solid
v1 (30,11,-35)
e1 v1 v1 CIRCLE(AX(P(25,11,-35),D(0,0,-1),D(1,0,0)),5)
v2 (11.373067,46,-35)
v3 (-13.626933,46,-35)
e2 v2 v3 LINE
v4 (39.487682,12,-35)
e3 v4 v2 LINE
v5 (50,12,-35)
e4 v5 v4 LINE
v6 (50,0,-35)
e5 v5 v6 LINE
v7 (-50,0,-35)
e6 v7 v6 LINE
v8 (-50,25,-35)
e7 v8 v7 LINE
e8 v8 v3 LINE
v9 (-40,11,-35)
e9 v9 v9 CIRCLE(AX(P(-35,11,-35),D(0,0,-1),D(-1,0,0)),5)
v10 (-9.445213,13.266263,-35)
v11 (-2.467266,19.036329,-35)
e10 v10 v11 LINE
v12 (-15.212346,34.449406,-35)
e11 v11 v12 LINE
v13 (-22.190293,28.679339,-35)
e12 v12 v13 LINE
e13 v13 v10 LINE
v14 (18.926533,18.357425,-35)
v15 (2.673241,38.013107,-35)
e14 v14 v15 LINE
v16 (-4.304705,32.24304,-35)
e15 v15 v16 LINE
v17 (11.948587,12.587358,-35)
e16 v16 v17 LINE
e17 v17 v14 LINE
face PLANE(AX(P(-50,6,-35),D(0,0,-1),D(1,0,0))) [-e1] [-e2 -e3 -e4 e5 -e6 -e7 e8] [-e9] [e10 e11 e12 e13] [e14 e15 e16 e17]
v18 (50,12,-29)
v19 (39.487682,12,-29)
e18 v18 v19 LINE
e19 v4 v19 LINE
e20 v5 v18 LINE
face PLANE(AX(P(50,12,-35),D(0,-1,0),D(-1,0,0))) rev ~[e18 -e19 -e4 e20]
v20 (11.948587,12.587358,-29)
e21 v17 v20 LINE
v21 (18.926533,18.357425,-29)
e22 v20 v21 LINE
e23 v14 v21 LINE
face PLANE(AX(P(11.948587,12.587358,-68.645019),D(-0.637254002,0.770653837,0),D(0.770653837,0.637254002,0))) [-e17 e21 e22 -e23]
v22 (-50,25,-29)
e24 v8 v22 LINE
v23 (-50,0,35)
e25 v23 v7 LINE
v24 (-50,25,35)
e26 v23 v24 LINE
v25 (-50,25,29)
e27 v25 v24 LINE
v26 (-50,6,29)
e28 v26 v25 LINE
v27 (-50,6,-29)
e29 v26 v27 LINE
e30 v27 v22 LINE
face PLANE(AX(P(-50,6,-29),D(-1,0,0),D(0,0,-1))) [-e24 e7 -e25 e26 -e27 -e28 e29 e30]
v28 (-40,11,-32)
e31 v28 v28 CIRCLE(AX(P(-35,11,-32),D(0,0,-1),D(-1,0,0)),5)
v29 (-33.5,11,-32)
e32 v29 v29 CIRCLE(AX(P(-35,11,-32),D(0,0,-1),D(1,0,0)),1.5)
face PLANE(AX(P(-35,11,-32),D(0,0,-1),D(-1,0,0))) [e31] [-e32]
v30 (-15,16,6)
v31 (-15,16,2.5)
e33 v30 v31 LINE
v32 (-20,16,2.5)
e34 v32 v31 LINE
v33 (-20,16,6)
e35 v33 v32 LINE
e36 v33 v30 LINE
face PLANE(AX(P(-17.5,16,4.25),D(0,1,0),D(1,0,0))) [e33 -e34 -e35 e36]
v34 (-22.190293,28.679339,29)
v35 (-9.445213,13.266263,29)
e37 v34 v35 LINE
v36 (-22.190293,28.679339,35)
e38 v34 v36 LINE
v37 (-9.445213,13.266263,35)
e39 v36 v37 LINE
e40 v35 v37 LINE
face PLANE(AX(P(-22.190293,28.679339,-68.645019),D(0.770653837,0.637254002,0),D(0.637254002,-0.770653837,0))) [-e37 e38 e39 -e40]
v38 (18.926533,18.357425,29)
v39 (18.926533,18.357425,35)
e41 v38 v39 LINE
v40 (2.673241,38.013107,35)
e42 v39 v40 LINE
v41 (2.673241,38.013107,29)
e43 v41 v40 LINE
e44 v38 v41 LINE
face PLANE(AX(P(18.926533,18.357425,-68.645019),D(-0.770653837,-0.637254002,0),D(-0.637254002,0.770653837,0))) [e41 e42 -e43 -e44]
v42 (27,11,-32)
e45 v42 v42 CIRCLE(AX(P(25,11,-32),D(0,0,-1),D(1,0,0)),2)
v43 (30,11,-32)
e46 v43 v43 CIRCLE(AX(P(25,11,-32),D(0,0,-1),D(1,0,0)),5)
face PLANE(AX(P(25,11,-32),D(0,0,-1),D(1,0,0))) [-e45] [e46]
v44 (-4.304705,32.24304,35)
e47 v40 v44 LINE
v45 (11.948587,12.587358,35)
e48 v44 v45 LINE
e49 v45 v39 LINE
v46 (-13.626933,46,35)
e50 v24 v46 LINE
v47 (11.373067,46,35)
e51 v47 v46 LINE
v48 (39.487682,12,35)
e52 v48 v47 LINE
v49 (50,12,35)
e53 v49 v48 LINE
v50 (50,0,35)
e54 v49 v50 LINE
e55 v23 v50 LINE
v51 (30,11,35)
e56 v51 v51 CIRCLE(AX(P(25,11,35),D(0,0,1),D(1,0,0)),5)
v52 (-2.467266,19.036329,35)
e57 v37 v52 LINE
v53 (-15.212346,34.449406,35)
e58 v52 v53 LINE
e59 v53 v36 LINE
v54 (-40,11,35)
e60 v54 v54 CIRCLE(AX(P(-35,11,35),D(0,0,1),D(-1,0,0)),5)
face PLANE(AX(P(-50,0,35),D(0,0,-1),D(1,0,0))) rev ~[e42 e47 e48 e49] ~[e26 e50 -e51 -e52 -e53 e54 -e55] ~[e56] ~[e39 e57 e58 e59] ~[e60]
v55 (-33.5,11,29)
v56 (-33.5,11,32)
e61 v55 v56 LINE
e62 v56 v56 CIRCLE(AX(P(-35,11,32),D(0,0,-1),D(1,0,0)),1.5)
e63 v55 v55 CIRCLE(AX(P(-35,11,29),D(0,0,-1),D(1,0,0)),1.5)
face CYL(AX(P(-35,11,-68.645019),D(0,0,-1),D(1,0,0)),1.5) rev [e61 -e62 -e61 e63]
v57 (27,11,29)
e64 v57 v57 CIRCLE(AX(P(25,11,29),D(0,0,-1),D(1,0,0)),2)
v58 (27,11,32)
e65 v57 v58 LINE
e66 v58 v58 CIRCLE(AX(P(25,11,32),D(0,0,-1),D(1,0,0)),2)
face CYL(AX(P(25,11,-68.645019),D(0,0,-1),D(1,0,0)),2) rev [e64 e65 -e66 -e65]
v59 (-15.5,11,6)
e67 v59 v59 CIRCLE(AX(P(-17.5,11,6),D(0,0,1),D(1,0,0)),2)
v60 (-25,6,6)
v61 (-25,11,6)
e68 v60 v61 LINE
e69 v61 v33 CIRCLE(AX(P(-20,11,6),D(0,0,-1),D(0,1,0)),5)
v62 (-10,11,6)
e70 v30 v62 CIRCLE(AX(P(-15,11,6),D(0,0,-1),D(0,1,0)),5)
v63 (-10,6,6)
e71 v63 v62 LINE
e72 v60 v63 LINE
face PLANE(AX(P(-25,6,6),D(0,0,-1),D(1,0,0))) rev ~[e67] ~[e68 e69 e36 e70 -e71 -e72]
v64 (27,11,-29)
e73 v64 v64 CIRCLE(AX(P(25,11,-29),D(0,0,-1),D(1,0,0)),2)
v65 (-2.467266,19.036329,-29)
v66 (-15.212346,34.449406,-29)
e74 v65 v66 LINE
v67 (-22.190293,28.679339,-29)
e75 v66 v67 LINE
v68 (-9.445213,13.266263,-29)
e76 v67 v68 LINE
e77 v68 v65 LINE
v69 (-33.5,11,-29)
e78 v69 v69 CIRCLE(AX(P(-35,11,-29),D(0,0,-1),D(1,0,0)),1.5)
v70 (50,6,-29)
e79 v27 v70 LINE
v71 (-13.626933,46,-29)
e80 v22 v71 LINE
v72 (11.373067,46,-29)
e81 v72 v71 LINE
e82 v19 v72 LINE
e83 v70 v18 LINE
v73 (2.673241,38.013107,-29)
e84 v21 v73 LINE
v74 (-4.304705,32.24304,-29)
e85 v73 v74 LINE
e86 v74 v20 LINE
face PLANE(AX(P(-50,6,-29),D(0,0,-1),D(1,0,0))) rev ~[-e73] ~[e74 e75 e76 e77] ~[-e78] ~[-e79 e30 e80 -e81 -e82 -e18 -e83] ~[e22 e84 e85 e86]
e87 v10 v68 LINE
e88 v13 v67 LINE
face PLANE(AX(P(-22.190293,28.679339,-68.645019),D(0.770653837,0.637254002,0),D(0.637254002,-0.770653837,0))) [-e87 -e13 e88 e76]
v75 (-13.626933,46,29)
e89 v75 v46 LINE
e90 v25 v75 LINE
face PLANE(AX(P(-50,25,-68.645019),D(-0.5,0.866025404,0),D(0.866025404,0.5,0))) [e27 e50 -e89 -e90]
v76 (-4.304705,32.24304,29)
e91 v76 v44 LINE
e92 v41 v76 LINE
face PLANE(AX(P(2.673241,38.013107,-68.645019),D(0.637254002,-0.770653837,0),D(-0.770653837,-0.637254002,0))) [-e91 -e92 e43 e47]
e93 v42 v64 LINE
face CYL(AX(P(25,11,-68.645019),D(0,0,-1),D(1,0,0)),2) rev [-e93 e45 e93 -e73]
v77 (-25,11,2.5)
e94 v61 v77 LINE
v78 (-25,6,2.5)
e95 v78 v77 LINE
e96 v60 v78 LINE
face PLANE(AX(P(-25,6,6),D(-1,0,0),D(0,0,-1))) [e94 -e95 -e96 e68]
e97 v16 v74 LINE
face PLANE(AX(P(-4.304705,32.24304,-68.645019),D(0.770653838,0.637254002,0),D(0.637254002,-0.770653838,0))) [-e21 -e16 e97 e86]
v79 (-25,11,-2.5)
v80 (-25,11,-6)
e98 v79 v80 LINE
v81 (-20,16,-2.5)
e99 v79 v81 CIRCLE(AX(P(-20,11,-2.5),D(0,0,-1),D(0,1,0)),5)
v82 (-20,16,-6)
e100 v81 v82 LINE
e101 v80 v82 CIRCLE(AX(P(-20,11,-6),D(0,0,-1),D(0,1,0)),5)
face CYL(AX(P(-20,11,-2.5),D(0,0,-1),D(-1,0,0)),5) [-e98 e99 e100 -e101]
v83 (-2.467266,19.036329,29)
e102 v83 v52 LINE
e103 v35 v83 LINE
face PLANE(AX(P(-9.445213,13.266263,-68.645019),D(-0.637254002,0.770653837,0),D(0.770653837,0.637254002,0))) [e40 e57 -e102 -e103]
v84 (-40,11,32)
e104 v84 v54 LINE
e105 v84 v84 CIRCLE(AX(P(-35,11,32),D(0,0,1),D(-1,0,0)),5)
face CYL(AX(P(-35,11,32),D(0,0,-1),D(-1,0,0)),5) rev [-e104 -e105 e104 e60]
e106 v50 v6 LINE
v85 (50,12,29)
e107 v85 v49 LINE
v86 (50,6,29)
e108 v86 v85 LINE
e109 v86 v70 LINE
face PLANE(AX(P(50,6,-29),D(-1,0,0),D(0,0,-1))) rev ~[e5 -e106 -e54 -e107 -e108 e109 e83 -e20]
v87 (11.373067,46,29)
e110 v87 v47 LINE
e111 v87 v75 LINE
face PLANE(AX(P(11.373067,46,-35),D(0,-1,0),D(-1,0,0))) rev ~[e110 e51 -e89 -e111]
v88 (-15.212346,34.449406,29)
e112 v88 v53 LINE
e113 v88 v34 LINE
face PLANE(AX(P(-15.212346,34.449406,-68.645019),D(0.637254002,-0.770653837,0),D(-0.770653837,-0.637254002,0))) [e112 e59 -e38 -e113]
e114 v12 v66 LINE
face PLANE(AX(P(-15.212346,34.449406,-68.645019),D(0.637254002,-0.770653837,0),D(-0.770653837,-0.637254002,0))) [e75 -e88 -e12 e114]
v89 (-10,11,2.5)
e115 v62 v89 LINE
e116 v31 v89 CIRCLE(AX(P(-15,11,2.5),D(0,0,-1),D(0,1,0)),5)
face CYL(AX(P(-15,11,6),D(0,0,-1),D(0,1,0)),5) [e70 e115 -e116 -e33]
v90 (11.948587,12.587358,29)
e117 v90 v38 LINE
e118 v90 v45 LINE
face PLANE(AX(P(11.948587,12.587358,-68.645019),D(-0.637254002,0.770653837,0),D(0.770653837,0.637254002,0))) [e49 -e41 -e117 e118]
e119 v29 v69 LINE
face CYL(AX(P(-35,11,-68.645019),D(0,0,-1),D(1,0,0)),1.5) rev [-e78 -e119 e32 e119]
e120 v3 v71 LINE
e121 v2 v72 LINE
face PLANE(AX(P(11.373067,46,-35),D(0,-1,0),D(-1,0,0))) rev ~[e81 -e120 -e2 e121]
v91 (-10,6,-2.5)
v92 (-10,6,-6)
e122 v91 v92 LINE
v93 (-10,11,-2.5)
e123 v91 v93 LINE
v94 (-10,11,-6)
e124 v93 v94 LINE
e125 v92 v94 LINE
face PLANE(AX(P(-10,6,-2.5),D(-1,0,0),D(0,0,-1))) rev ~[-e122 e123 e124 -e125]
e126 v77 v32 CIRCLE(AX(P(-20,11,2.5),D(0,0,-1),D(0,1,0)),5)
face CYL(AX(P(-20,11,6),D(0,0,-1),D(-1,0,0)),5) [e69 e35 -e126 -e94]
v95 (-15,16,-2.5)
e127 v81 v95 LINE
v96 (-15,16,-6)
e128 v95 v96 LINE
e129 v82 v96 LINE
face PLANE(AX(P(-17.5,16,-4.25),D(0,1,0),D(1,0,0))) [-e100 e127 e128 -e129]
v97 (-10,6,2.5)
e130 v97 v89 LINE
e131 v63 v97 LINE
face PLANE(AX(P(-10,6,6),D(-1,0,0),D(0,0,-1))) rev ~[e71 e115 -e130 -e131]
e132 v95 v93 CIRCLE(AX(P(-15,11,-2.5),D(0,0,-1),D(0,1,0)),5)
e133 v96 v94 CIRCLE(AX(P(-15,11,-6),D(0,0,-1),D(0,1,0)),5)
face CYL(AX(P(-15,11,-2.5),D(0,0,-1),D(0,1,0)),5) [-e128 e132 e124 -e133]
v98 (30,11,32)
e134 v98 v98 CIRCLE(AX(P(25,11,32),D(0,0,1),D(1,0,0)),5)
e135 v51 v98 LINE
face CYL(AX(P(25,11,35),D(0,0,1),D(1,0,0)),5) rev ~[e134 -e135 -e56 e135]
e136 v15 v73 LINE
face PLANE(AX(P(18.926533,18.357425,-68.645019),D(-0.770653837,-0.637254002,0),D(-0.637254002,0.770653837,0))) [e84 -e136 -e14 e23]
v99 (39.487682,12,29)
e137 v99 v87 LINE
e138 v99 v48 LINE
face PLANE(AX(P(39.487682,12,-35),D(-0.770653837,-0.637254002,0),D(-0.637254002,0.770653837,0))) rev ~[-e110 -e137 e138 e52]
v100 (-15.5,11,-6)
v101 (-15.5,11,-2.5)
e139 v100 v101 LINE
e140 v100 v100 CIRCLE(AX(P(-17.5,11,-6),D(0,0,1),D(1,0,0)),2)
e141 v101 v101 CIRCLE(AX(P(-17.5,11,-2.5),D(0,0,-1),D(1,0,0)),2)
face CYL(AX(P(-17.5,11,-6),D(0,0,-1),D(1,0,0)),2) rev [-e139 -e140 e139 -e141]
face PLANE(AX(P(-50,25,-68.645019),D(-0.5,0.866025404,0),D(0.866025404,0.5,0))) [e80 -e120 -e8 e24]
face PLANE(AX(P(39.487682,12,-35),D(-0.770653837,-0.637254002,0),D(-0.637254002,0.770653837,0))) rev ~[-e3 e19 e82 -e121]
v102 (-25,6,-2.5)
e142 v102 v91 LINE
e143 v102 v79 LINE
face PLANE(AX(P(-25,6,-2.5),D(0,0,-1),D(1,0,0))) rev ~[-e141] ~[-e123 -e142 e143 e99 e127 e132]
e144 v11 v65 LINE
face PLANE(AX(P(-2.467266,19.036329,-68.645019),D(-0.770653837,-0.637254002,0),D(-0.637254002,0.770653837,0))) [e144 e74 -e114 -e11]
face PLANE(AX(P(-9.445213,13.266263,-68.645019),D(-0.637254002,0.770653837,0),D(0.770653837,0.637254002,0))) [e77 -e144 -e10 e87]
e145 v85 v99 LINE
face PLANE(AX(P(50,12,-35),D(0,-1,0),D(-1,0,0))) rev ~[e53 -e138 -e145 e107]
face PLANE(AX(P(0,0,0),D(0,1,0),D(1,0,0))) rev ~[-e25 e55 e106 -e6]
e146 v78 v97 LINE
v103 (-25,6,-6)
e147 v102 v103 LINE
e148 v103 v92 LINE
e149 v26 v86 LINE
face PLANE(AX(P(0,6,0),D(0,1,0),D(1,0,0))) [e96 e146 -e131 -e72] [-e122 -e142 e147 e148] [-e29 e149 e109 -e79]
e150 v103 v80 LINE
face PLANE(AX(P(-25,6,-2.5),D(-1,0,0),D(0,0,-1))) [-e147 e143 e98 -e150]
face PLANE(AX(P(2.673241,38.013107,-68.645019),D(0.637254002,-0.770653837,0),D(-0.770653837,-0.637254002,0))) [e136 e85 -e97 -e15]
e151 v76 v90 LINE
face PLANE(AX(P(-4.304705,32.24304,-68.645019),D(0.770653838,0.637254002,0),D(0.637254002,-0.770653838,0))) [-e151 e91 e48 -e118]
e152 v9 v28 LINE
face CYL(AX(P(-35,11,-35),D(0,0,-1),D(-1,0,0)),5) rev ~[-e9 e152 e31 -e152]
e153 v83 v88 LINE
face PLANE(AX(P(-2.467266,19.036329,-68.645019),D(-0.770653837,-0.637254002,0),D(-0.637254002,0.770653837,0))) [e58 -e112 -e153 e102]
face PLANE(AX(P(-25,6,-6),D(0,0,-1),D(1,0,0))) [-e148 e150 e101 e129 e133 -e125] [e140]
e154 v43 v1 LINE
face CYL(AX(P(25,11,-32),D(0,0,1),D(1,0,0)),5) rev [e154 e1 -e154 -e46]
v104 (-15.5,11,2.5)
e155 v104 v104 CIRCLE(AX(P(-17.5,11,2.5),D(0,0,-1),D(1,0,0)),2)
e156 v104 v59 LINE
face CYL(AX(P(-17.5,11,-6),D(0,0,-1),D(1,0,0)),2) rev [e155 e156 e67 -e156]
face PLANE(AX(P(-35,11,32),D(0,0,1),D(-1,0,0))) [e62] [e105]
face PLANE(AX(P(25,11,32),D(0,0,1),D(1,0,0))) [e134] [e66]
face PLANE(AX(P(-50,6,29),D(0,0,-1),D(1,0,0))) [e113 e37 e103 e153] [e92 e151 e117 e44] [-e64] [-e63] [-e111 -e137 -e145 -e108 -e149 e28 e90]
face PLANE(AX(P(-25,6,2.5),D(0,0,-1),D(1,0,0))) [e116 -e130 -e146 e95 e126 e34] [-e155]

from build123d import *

# Parameters (mm, degrees)
SKETCH1_W               = 100
SKETCH1_H               = 70
BOSS_EXTRUDE1_DEPTH     = 6
SKETCH2_W               = 100
SKETCH2_H               = 6
BOSS_EXTRUDE2_DEPTH     = 50
CUT_EXTRUDE1_DEPTH      = 103.645019363
CUT_EXTRUDE1_DEPTH_BACK = 103.645019363
SKETCH3_R               = 1.5
SKETCH3_R_2             = 2
CUT_EXTRUDE2_DEPTH      = 103.645019363
CUT_EXTRUDE2_DEPTH_BACK = 103.645019363
CUT_EXTRUDE3_DEPTH      = 103.645019363
CUT_EXTRUDE4_DEPTH      = 103.645019363
CUT_EXTRUDE4_DEPTH_BACK = 103.645019363
CUT_EXTRUDE5_DEPTH      = 103.645019363
CUT_EXTRUDE5_DEPTH_BACK = 103.645019363
SKETCH9_W               = 15
SKETCH9_H               = 3.5
BOSS_EXTRUDE3_DEPTH     = 10
CUT_EXTRUDE8_START      = -3.5
SKETCH11_R              = 2
CUT_EXTRUDE8_DEPTH      = 12
FILLET1_R               = 5
FILLET2_R               = 5
FILLET3_R               = 5
FILLET4_R               = 5
CUT_EXTRUDE9_DEPTH      = 103.645019363
SKETCH14_R              = 5
CUT_EXTRUDE10_DEPTH     = 3
CUT_EXTRUDE11_START     = -3
SKETCH15_R              = 5
CUT_EXTRUDE11_DEPTH     = 3
SKETCH16_R              = 5
CUT_EXTRUDE12_DEPTH     = 3
CUT_EXTRUDE13_START     = -3
SKETCH17_R              = 5
CUT_EXTRUDE13_DEPTH     = 3


with BuildPart() as part:
    # Sketch1 → Boss-Extrude1 (new body)
    with BuildSketch(Plane(origin=(0, 0, 0), x_dir=(1, 0, 0), z_dir=(0, 1, 0))):
        Rectangle(SKETCH1_W, SKETCH1_H)
    extrude(amount=BOSS_EXTRUDE1_DEPTH)

    # Sketch2 → Boss-Extrude2 (add)
    with BuildSketch(Plane(origin=(0, 6, 0), x_dir=(1, 0, 0), z_dir=(0, 1, 0))):
        with Locations((0, 32)):
            Rectangle(SKETCH2_W, SKETCH2_H)
        with Locations((0, -32)):
            Rectangle(SKETCH2_W, SKETCH2_H)
    extrude(amount=BOSS_EXTRUDE2_DEPTH)

    # Sketch3 → Cut-Extrude1 (cut, two sides: drawn at the far end of the back side and taken through both)
    with BuildSketch(Plane.XY.offset(35).offset(-CUT_EXTRUDE1_DEPTH_BACK)):
        with Locations((-35, 11)):
            Circle(SKETCH3_R)
        with Locations((25, 11)):
            Circle(SKETCH3_R_2)
    extrude(amount=CUT_EXTRUDE1_DEPTH + CUT_EXTRUDE1_DEPTH_BACK, mode=Mode.SUBTRACT)

    # Sketch4 → Cut-Extrude2 (cut, two sides: drawn at the far end of the back side and taken through both)
    with BuildSketch(Plane.XY.offset(35).offset(-CUT_EXTRUDE2_DEPTH_BACK)):
        Polygon((-50, 25), (3.693575035, 56), (-50, 56), align=None)
    extrude(amount=CUT_EXTRUDE2_DEPTH + CUT_EXTRUDE2_DEPTH_BACK, mode=Mode.SUBTRACT)

    # Sketch5 → Cut-Extrude3 (cut, through all)
    with BuildSketch(Plane.XY.offset(35)):
        Polygon((26.846787517, 56), (50, 28), (50, 56), align=None)
    extrude(amount=-CUT_EXTRUDE3_DEPTH, mode=Mode.SUBTRACT)

    # Sketch6 → Cut-Extrude4 (cut, two sides: drawn at the far end of the back side and taken through both)
    with BuildSketch(Plane.XY.offset(35).offset(-CUT_EXTRUDE4_DEPTH_BACK)):
        Polygon((16.600357162, 47.527222171), (39.753569645, 19.527222171), (47.460108019, 25.899762189), (24.306895537, 53.899762189), align=None)
    extrude(amount=CUT_EXTRUDE4_DEPTH + CUT_EXTRUDE4_DEPTH_BACK, mode=Mode.SUBTRACT)

    # Sketch7 → Cut-Extrude5 (cut, two sides: drawn at the far end of the back side and taken through both)
    with BuildSketch(Plane.XY.offset(35).offset(-CUT_EXTRUDE5_DEPTH_BACK)):
        Polygon((2.673241004, 38.01310693), (-4.304705141, 32.243040152), (11.948586847, 12.587358417), (18.926532993, 18.357425196), align=None)
        Polygon((-15.212346405, 34.449406206), (-22.19029255, 28.679339427), (-9.445212514, 13.266262678), (-2.467266369, 19.036329456), align=None)
    extrude(amount=CUT_EXTRUDE5_DEPTH + CUT_EXTRUDE5_DEPTH_BACK, mode=Mode.SUBTRACT)

    # Sketch9 → Boss-Extrude3 (add)
    with BuildSketch(Plane(origin=(0, 6, 0), x_dir=(1, 0, 0), z_dir=(0, 1, 0))):
        with Locations((-17.5, 4.25)):
            Rectangle(SKETCH9_W, SKETCH9_H)
        with Locations((-17.5, -4.25)):
            Rectangle(SKETCH9_W, SKETCH9_H)
    extrude(amount=BOSS_EXTRUDE3_DEPTH)

    # Sketch11 → Cut-Extrude8 (cut)
    with BuildSketch(Plane.XY.offset(-2.5).offset(CUT_EXTRUDE8_START)):
        with Locations((-17.5, 11)):
            Circle(SKETCH11_R)
    extrude(amount=CUT_EXTRUDE8_DEPTH, mode=Mode.SUBTRACT)

    # Fillet1
    fillet1_edges = [part.edges().sort_by_distance(p)[0] for p in [
        (-25, 16, -4.25),
    ]]
    fillet(fillet1_edges, radius=FILLET1_R)

    # Fillet2
    fillet2_edges = [part.edges().sort_by_distance(p)[0] for p in [
        (-10, 16, -4.25),
    ]]
    fillet(fillet2_edges, radius=FILLET2_R)

    # Fillet3
    fillet3_edges = [part.edges().sort_by_distance(p)[0] for p in [
        (-25, 16, 4.25),
    ]]
    fillet(fillet3_edges, radius=FILLET3_R)

    # Fillet4
    fillet4_edges = [part.edges().sort_by_distance(p)[0] for p in [
        (-10, 16, 4.25),
    ]]
    fillet(fillet4_edges, radius=FILLET4_R)

    # Sketch13 → Cut-Extrude9 (cut, through all)
    with BuildSketch(Plane(origin=(0, 0, -35), x_dir=(-1, 0, 0), z_dir=(0, 0, -1))):
        Polygon((-50, 12), (-39.487682116, 12), (-11.373066959, 46), (13.626933041, 46), (-3.693575035, 56), (-26.846787517, 56), (-50, 28), align=None)
    extrude(amount=-CUT_EXTRUDE9_DEPTH, mode=Mode.SUBTRACT)

    # Sketch14 → Cut-Extrude10 (cut)
    with BuildSketch(Plane.XY.offset(35)):
        with Locations((25, 11)):
            Circle(SKETCH14_R)
    extrude(amount=-CUT_EXTRUDE10_DEPTH, mode=Mode.SUBTRACT)

    # Sketch15 → Cut-Extrude11 (cut)
    with BuildSketch(Plane(origin=(0, 0, -35), x_dir=(-1, 0, 0), z_dir=(0, 0, -1)).offset(CUT_EXTRUDE11_START)):
        with Locations(Location((-25, 11, 0), (0, 0, 180))):
            Circle(SKETCH15_R)
    extrude(amount=CUT_EXTRUDE11_DEPTH, mode=Mode.SUBTRACT)

    # Sketch16 → Cut-Extrude12 (cut)
    with BuildSketch(Plane(origin=(0, 0, -35), x_dir=(-1, 0, 0), z_dir=(0, 0, -1))):
        with Locations((35, 11)):
            Circle(SKETCH16_R)
    extrude(amount=-CUT_EXTRUDE12_DEPTH, mode=Mode.SUBTRACT)

    # Sketch17 → Cut-Extrude13 (cut)
    with BuildSketch(Plane.XY.offset(35).offset(CUT_EXTRUDE13_START)):
        with Locations(Location((-35, 11, 0), (0, 0, 180))):
            Circle(SKETCH17_R)
    extrude(amount=CUT_EXTRUDE13_DEPTH, mode=Mode.SUBTRACT)


solid = part.part
